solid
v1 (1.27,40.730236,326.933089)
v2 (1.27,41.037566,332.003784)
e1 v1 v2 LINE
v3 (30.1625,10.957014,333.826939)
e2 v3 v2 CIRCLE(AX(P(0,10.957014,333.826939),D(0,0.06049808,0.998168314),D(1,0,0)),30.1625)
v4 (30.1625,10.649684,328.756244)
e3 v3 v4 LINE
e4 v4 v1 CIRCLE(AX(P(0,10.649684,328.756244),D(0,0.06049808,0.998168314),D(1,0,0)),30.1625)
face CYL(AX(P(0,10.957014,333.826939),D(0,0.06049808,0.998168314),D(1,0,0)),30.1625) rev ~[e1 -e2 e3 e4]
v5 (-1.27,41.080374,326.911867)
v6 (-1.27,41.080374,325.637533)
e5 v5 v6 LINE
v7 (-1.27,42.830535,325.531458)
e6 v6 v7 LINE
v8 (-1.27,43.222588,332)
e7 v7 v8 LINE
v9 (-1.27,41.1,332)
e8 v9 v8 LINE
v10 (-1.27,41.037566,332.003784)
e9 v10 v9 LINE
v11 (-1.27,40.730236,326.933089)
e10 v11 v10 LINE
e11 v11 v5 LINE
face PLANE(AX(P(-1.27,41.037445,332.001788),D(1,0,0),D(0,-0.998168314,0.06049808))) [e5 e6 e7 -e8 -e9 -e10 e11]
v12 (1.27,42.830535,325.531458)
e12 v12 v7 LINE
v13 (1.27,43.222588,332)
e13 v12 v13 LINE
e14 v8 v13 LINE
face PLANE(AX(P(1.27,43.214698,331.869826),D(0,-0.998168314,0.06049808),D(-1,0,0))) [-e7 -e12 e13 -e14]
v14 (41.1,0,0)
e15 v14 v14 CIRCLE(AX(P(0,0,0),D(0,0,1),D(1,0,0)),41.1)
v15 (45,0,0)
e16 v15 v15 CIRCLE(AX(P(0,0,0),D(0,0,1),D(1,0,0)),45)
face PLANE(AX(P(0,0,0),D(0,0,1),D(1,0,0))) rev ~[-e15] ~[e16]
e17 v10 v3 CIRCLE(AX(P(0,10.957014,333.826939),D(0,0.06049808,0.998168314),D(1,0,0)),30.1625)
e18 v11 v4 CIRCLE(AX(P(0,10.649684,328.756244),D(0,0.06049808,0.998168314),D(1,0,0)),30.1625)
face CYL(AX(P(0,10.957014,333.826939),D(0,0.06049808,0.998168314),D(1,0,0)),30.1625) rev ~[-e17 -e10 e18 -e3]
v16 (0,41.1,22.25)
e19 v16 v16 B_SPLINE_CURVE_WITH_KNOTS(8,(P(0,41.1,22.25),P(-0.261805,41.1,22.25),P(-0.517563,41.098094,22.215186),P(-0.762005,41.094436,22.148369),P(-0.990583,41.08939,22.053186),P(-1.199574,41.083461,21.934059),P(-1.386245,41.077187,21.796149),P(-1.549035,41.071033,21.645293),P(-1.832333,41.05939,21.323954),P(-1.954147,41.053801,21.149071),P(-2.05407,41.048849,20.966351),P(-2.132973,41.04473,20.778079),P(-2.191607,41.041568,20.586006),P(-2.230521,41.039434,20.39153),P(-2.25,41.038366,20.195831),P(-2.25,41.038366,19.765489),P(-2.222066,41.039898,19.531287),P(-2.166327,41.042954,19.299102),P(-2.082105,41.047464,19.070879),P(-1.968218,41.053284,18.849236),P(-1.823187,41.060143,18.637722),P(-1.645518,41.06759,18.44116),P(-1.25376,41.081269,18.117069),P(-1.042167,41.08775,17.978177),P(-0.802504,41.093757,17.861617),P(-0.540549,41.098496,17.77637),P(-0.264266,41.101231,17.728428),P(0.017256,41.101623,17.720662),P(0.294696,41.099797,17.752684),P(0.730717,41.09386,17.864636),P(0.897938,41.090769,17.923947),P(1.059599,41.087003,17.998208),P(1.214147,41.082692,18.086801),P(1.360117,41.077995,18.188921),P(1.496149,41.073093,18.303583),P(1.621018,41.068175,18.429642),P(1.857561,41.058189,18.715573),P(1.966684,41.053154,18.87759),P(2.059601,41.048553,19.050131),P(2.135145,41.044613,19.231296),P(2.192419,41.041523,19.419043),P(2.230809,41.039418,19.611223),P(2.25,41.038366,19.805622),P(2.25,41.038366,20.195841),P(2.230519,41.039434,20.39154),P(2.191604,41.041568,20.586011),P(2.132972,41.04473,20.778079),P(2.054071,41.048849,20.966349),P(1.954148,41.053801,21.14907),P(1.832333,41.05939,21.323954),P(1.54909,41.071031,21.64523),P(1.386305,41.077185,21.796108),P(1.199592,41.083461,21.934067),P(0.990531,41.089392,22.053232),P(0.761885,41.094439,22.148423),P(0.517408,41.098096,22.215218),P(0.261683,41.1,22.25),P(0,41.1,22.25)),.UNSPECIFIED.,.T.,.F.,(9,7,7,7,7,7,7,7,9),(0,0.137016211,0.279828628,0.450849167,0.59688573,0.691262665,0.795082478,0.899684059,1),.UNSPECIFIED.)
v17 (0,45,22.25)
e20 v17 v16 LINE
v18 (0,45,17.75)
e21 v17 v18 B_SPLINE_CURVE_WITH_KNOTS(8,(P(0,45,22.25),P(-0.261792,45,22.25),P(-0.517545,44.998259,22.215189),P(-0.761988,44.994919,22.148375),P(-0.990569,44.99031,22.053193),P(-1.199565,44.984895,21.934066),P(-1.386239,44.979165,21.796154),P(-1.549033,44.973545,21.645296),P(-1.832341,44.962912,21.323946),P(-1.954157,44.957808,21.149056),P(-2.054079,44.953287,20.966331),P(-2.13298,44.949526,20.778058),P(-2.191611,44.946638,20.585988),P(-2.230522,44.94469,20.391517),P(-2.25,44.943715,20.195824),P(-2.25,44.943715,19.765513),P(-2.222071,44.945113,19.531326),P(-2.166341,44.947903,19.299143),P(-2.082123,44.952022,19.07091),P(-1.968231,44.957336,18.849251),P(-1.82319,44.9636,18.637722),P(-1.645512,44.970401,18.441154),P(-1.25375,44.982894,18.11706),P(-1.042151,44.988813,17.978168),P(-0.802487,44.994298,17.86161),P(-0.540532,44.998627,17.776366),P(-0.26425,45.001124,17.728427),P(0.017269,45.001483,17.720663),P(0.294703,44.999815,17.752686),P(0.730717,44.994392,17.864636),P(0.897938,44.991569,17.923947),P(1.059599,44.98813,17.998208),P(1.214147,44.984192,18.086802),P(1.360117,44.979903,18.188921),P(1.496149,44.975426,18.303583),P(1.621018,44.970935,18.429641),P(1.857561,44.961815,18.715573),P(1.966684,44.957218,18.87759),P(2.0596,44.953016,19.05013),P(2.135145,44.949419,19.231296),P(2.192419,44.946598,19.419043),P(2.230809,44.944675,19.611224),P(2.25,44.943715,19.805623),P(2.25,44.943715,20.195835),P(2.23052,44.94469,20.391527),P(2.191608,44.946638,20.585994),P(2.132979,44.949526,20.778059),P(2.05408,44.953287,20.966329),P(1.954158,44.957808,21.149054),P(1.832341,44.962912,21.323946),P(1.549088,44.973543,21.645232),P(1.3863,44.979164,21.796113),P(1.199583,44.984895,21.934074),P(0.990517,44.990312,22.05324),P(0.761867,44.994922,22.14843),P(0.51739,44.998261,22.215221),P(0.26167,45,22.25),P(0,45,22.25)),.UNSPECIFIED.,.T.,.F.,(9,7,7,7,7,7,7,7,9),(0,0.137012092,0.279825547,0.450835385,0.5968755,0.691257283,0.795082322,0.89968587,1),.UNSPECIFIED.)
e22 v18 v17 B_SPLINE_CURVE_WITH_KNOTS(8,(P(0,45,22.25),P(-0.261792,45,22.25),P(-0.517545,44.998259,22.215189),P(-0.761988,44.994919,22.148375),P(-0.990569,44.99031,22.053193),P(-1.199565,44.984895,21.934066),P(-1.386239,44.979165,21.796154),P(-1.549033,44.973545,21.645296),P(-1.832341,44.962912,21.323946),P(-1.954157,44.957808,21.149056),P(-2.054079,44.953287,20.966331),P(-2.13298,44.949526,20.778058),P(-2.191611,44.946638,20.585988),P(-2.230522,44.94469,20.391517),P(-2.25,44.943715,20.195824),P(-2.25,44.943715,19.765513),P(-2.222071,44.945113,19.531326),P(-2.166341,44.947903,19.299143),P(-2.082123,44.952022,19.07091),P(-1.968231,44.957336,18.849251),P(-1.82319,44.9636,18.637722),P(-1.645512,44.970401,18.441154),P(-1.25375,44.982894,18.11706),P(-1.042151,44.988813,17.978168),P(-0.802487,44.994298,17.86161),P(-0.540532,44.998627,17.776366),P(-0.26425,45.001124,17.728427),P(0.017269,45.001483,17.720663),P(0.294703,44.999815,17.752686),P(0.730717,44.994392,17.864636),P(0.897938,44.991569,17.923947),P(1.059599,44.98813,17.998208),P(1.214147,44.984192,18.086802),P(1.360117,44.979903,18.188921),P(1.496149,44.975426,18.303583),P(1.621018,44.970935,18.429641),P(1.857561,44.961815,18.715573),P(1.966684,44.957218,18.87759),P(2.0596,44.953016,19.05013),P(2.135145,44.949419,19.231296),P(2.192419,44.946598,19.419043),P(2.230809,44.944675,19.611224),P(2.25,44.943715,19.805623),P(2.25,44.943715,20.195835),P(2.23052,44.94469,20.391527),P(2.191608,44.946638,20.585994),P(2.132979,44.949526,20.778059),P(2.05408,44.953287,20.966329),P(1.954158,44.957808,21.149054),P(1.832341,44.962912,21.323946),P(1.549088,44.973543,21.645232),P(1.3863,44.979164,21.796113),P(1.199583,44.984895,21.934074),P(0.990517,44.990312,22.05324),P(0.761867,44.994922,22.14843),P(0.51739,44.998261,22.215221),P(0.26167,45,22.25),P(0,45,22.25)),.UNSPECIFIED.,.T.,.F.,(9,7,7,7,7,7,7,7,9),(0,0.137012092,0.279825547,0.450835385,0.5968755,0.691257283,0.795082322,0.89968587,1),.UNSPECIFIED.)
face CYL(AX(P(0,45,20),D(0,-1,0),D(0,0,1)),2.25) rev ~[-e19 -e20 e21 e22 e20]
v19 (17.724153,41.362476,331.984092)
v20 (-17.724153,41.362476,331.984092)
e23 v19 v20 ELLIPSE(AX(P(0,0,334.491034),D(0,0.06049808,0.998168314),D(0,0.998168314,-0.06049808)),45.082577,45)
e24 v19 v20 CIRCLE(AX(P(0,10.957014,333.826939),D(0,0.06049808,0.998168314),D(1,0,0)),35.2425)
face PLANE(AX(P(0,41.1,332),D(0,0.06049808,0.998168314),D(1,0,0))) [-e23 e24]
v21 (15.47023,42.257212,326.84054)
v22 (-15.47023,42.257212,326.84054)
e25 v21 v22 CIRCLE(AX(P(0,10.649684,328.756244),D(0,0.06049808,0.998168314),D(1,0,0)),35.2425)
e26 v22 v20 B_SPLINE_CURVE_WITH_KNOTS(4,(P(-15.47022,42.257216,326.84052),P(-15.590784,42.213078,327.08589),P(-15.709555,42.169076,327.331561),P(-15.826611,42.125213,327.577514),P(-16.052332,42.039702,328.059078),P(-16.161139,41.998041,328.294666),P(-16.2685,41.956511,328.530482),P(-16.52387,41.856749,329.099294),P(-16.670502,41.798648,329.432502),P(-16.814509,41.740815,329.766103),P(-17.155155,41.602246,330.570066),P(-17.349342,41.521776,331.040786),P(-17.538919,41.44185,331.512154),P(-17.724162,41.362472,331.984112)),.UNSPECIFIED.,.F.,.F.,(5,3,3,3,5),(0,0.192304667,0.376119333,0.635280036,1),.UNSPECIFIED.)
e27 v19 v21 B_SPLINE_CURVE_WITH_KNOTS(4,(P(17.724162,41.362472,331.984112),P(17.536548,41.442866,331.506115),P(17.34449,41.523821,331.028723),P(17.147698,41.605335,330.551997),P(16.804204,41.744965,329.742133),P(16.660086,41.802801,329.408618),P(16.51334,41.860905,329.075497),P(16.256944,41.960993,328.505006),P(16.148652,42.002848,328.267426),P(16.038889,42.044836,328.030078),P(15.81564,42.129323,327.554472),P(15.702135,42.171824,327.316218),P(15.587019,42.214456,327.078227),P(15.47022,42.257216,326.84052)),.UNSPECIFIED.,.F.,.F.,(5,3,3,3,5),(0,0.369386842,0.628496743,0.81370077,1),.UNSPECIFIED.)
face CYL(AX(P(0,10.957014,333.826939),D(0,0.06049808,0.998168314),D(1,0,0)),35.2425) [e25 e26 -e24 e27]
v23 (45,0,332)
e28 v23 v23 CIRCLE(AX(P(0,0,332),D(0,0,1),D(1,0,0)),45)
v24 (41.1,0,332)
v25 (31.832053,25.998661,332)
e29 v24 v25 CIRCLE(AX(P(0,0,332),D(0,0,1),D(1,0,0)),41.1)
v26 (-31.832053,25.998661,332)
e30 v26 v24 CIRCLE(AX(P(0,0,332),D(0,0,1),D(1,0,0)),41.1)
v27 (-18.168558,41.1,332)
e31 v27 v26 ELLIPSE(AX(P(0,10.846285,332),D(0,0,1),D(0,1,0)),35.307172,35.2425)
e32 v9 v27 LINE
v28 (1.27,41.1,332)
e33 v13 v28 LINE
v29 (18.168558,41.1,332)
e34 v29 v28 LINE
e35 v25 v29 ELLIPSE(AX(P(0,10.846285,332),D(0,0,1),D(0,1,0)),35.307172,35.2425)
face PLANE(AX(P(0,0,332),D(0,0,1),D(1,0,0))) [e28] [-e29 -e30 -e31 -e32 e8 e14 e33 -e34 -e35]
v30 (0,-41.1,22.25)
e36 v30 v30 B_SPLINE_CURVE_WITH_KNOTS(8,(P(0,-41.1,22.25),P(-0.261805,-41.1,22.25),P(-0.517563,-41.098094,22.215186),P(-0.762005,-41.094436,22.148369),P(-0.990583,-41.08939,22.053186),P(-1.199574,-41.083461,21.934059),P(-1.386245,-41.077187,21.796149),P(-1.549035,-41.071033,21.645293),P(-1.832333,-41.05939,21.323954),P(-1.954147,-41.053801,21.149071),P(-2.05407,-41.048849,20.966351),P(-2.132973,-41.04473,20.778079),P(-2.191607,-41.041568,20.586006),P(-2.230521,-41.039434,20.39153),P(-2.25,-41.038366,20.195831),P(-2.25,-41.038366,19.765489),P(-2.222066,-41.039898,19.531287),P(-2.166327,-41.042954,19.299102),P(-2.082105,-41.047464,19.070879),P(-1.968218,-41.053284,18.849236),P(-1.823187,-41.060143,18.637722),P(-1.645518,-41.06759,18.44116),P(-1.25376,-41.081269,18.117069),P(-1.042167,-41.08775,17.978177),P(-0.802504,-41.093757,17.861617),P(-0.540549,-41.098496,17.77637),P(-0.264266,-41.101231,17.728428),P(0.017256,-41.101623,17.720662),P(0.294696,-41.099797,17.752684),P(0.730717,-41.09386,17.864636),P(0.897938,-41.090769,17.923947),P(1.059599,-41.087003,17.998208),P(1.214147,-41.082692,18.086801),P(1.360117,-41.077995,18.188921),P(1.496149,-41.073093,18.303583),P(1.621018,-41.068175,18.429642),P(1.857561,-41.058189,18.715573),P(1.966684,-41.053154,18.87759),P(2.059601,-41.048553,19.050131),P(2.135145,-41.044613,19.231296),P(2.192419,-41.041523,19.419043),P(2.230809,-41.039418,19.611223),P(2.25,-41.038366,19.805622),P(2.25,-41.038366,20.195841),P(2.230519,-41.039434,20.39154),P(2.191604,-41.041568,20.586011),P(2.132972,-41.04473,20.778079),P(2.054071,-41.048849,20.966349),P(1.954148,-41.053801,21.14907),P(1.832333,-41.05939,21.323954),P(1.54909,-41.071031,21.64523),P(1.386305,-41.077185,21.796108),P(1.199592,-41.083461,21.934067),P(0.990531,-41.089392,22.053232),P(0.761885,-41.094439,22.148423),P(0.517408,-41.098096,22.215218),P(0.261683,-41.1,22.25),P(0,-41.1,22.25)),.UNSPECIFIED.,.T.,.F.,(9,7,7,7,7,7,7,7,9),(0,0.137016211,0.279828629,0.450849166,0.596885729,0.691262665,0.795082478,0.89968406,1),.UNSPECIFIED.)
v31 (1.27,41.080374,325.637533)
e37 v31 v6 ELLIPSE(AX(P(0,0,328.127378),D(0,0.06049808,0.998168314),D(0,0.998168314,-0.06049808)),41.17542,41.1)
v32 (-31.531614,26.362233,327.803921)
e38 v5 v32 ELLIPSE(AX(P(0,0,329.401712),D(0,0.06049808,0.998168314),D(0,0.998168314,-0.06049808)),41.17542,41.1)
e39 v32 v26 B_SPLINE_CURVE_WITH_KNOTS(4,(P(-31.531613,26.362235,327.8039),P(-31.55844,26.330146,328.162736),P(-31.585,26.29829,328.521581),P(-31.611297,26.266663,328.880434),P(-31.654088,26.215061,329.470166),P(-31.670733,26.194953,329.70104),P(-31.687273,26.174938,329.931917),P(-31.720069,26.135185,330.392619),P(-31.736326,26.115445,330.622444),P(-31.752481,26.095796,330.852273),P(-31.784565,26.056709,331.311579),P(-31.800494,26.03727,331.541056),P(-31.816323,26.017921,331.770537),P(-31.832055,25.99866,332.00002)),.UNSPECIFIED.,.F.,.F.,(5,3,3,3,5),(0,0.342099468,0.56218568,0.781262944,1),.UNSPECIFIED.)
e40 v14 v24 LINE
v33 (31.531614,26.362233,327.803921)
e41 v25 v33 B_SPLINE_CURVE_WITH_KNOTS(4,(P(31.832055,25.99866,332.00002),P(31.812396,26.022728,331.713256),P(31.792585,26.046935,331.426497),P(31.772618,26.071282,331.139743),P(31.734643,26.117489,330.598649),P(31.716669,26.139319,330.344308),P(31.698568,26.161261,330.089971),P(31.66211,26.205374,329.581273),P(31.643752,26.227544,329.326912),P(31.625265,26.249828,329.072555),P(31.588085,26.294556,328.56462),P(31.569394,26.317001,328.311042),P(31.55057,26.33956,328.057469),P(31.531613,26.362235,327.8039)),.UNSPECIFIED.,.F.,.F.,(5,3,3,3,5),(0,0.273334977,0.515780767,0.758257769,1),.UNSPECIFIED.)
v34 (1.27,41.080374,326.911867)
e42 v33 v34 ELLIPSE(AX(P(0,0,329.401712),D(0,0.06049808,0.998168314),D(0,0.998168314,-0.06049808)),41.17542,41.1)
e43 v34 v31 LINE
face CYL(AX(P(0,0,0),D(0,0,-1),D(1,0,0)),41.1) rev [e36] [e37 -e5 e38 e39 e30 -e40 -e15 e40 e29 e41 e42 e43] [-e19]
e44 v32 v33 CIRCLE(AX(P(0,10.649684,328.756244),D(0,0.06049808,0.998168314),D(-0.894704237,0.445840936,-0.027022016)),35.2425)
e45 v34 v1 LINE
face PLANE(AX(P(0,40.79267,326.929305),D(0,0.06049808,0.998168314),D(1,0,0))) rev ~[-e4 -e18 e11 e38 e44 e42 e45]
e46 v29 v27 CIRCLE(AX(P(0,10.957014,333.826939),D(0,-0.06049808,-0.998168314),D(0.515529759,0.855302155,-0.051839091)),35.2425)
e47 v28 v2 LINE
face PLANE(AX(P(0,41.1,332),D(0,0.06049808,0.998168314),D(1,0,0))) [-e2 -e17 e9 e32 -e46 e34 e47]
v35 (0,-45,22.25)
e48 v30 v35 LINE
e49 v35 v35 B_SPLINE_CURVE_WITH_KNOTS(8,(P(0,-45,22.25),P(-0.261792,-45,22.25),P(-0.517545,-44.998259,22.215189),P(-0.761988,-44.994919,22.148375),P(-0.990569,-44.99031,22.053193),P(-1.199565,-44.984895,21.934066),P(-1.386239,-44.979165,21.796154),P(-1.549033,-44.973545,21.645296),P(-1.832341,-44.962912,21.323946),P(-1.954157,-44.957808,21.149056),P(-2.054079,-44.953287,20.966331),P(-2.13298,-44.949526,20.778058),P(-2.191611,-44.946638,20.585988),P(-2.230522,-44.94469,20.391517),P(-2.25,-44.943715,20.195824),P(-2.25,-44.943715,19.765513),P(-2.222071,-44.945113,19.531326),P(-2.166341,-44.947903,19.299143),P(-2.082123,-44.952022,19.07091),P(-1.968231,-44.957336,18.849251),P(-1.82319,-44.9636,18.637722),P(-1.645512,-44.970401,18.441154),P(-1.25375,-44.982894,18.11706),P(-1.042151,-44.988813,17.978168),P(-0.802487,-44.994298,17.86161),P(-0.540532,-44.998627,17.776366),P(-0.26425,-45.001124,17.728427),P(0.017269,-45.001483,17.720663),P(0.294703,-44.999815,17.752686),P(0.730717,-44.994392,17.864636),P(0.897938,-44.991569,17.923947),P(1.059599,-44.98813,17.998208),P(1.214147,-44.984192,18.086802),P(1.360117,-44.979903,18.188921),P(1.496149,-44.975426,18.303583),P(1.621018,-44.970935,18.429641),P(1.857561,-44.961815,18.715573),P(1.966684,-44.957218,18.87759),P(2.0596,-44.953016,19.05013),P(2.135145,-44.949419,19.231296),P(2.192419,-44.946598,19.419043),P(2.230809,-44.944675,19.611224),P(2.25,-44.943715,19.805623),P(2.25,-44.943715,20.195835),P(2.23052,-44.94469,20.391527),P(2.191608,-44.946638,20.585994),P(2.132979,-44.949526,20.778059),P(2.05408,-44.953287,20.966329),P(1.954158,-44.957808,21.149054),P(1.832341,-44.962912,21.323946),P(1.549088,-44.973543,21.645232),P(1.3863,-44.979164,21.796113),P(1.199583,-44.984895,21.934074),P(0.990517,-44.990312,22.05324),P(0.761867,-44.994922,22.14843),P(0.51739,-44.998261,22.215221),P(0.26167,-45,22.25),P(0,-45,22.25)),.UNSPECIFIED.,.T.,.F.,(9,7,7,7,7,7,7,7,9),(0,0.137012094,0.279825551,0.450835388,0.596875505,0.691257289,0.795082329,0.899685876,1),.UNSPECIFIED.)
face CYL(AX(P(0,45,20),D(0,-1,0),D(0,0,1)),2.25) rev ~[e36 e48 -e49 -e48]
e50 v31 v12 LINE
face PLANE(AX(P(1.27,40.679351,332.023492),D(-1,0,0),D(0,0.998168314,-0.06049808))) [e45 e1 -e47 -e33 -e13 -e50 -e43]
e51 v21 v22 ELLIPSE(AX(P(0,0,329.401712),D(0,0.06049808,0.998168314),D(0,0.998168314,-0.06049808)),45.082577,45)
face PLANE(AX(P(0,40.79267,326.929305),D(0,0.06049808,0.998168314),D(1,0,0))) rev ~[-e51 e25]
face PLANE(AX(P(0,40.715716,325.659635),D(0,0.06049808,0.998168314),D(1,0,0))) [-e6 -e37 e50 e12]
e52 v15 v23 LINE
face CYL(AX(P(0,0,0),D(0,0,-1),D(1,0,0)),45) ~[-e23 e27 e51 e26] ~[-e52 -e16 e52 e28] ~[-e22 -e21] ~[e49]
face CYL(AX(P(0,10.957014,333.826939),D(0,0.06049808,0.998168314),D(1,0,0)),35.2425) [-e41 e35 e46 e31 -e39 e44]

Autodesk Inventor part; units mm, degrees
ref_plane "YZ Plane" through (0, 0, 0) normal (1, 0, 0) x (0, 1, 0)
sketch "Sketch1" plane through (0, 0, 0) normal (0, 0, 1) x (1, 0, 0)
  circle A0 centre (0, 0) radius 45
  circle A1 centre (0, 0) radius 41.1
  dimension "d0" = 90
  dimension "d2" = 3.9
extrude "Extrusion1" add sketch "Sketch1" along normal blind 332
sketch "Sketch2" plane through (0, 0, 332) normal (0, 0, 1) x (1, 0, 0)
  circle A0 centre (0, 0) radius 41.1 projected
  circle A1 centre (0, 0) radius 45 projected
  point P0 (0, 45)
ref_plane "Work Plane1" through (0, 45, 332) normal (0, 1, 0) x (-1, 0, 0)
sketch "Sketch5" plane through (0, 45, 332) normal (0, 1, 0) x (-1, 0, 0)
  circle A0 centre (0, -312) radius 4.4901
  point P0 (0, -332)
  dimension "d25" = 20
hole "nailHole" at (0, 45, 20) direction (0, -1, 0) diameter 4.5 end through all
sketch "Sketch6" plane through (0, 0, 332) normal (0, 0, 1) x (1, 0, 0)
  circle A0 centre (0, 0) radius 41.1 projected
  circle A1 centre (0, 0) radius 45 projected
  point P0 (0, 45)
ref_plane "Work Plane2" through (0, 45, 332) normal (0, 1, 0) x (-1, 0, 0)
sketch "Sketch10" plane through (0, 0, 332) normal (0, 0, 1) x (1, 0, 0)
  circle A0 centre (0, 0) radius 41.1 projected
  circle A1 centre (0, 0) radius 45 projected
  line L0 (0, 41.1) -> (46.8002, 41.1) construction
ref_plane "Work Plane3" through (0, 41.1, 332) normal (0, 0.0605, 0.9982) x (1, 0, 0)
sketch "Sketch11" plane through (0, 41.1, 332) normal (0, 0.0605, 0.9982) x (1, 0, 0)
  circle A0 centre (0, -30.1983) radius 30.1625
  circle A1 centre (0, -30.1983) radius 35.2425
  point P0 (0, -20.93)
  dimension "d44" = 60.325
  dimension "d45" = 5.08
extrude "INSERT_GUIDE_NOTFAB" add sketch "Sketch11" against normal blind 5.08
sketch "Sketch12" plane through (0, 41.1, 332) normal (0, 0.0605, 0.9982) x (1, 0, 0)
  circle A0 centre (0, -30.1983) radius 30.1625 projected
  line L0 (-1.27, -0.4213) -> (1.27, -0.4213)
  line L1 (1.27, -0.4213) -> (1.27, 2.1187)
  line L2 (1.27, 2.1187) -> (-1.27, 2.1187)
  line L3 (-1.27, 2.1187) -> (-1.27, -0.4213)
  line L4 (0, 2.1187) -> (0, -0.4213) construction
  line L5 (0, -20.93) -> (0, -30.1983) construction
  dimension "d48" = 2.54
  dimension "d49" = 2.54
extrude "INSERT_KEY_NOTFAB" cut sketch "Sketch12" along normal mid plane 12.7 contours L1 L0 L3 A0 | A0 L3 L2 L1 picked at (0.1411, -0.2938)
sketch "Sketch14" plane through (0, 0, 332) normal (0, 0, 1) x (1, 0, 0)
  circle A0 centre (0, 0) radius 41.1 projected
  line L0 (-6.35, 38.1) -> (6.35, 38.1)
  line L1 (0, 41.1) -> (0, 38.1) construction
  line L2 (-6.35, 38.1) -> (-6.35, 40.6065)
  line L3 (6.35, 38.1) -> (6.35, 40.6065)
  dimension "d52" = 12.7
  dimension "d53" = 3
extrude "shim" [suppressed]
equation "\"d0\" = sleeveOD"
equation "\"d2\" = sleeveWall"
equation "\"d3\" = sleeveLength"
equation "\"d25\" = nailDelta"
equation "\"sleeveOD\" = 90"
equation "\"sleeveWall\" = 3.9"
equation "\"sleeveLength\" = 332"
equation "\"nailDelta\" = 20"
equation "\"sparLaunchAngle\" = 3.72deg"
properties part number "2h2slv" material "PVC-Piping"
